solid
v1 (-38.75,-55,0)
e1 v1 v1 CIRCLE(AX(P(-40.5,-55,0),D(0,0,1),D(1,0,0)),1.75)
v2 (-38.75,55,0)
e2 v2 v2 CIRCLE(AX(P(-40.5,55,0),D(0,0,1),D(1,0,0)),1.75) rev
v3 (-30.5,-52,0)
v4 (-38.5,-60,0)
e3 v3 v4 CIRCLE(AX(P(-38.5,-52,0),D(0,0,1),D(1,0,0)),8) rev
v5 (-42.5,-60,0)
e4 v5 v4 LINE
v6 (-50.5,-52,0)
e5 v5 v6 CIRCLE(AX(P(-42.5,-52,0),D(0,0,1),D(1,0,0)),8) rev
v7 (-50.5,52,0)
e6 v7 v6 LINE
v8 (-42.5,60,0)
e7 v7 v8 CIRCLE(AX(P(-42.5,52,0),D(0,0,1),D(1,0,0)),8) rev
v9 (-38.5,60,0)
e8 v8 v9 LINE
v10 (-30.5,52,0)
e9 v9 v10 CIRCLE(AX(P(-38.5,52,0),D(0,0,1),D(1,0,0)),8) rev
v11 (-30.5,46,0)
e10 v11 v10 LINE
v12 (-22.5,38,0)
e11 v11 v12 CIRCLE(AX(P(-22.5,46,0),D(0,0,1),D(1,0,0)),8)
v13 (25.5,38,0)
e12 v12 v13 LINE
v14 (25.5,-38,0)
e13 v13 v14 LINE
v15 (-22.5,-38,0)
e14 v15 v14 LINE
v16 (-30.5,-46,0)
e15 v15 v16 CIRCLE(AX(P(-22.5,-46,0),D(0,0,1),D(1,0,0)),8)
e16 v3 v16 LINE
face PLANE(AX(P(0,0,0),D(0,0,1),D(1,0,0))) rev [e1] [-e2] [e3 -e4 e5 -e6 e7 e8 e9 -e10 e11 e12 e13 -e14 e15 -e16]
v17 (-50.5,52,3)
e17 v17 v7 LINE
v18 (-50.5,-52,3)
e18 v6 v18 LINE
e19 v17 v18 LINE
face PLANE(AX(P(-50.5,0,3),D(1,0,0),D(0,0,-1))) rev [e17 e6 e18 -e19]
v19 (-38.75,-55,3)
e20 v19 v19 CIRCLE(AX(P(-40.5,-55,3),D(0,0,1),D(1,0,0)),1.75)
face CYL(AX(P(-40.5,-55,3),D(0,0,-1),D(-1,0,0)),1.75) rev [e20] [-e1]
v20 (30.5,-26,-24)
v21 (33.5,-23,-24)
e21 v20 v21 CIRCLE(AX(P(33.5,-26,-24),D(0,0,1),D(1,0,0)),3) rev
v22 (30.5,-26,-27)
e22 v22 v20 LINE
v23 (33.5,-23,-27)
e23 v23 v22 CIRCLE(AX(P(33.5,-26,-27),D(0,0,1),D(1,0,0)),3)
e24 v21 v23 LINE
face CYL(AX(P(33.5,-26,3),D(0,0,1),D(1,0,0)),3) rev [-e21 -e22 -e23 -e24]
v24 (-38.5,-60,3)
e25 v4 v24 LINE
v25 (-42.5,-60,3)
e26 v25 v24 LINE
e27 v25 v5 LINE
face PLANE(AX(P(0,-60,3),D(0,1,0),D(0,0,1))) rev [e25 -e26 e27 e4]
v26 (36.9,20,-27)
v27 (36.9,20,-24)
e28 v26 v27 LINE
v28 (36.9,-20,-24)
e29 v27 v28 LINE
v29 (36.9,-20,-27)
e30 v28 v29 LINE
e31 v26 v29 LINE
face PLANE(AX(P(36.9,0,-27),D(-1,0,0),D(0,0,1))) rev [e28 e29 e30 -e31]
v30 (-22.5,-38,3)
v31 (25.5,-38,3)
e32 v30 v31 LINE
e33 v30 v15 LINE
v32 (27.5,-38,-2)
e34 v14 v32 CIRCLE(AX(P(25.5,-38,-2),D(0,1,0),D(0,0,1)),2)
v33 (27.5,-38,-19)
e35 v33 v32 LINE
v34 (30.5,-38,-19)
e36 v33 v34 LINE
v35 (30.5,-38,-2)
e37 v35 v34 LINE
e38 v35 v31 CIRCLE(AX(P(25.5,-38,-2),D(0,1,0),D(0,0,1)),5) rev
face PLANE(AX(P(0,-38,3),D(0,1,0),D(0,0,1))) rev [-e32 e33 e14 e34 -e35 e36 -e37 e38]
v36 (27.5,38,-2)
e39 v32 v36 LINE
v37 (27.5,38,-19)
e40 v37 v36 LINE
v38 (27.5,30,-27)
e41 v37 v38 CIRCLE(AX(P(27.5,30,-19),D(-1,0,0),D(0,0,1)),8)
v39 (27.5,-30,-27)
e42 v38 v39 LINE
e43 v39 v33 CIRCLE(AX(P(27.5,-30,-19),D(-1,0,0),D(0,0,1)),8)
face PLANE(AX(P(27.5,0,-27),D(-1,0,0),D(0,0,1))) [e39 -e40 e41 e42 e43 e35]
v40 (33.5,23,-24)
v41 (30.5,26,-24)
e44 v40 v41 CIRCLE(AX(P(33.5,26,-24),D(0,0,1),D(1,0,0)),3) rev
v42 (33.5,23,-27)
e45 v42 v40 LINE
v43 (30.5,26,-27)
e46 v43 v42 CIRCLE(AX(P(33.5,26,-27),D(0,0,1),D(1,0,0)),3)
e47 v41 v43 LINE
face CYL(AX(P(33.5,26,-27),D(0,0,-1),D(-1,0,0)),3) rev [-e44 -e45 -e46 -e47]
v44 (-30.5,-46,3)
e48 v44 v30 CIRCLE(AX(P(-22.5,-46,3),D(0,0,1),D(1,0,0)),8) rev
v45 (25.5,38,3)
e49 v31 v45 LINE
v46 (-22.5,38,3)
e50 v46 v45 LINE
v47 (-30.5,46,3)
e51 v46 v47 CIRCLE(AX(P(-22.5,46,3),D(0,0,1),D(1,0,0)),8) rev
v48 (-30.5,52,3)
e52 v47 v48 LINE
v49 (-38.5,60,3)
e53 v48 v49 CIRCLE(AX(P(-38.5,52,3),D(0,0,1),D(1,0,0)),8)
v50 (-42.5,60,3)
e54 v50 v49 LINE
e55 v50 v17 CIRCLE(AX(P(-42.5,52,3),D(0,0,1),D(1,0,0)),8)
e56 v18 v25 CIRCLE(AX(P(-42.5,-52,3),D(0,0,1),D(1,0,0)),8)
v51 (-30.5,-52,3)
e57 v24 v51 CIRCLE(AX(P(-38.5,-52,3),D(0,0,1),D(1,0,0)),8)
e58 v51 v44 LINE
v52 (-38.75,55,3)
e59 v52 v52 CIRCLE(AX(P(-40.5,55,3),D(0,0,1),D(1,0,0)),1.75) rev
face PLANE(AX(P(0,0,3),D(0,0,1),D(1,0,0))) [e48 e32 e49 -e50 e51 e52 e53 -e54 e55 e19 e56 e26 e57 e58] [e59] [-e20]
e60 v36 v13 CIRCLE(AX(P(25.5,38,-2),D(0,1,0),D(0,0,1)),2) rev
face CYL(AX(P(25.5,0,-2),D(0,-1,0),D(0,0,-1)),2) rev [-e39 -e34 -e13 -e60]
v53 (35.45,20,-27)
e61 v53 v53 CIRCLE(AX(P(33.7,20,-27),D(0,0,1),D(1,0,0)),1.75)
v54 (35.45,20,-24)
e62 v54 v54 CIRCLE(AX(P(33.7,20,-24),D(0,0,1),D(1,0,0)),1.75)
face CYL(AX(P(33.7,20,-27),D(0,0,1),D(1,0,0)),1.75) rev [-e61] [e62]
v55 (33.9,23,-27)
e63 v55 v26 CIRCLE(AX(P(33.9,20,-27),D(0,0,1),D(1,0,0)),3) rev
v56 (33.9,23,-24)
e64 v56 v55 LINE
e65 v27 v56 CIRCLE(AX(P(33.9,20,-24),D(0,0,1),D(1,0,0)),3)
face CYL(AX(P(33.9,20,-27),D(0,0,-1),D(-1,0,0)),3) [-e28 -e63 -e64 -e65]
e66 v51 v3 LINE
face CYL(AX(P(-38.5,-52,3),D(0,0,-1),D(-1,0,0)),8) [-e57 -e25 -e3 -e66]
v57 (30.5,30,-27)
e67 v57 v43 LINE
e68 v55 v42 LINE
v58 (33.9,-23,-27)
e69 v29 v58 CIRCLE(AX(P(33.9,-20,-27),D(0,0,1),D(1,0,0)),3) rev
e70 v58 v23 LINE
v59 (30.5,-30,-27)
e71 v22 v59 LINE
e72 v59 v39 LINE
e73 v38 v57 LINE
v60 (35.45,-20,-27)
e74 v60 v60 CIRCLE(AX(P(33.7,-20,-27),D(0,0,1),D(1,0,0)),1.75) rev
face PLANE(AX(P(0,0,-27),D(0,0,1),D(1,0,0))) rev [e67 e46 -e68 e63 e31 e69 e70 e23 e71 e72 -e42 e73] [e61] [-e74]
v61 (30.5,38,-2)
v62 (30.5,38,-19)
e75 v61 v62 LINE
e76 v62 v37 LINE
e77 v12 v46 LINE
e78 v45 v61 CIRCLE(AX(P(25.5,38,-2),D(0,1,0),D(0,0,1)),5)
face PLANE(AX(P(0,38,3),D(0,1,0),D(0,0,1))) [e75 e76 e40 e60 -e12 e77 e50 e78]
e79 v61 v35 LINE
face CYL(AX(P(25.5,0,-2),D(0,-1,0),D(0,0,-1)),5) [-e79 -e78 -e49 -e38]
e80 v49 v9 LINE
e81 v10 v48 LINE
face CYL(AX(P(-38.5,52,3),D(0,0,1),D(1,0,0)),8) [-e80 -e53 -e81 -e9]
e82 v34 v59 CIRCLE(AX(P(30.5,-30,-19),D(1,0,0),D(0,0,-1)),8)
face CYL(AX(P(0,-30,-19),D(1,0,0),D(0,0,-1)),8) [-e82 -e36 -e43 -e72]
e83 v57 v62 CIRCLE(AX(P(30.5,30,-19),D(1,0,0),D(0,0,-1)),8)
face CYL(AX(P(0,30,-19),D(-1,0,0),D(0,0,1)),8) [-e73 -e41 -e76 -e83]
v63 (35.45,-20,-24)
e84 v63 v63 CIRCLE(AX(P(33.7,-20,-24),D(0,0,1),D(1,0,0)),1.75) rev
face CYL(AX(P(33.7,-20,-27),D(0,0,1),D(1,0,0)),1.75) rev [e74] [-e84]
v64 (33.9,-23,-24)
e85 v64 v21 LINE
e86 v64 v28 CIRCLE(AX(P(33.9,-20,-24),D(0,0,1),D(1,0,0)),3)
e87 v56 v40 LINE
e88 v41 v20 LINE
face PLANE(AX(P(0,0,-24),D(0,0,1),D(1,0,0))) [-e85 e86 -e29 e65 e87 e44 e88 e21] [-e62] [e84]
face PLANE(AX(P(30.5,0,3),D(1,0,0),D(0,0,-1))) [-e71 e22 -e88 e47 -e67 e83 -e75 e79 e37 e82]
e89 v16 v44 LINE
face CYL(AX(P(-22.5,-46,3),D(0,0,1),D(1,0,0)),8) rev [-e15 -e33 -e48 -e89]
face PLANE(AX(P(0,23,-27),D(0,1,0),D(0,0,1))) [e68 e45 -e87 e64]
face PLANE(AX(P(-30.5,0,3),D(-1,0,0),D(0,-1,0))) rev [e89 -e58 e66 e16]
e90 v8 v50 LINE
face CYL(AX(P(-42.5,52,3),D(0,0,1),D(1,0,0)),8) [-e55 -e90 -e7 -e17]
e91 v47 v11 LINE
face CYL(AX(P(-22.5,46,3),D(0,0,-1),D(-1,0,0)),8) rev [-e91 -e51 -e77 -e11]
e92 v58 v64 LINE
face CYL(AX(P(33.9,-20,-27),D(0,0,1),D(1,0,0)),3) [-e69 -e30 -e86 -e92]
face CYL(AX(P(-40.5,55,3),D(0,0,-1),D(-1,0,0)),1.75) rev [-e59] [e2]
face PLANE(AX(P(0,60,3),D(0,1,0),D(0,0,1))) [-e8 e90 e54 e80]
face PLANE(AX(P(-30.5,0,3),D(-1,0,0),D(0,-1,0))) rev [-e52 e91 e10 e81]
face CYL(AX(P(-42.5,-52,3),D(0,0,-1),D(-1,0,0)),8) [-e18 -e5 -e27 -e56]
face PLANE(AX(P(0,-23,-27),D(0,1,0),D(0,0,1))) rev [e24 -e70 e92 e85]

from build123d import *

# Parameters (mm, degrees)
ESQUISSE1_R             = 1.75
BOSS_EXTRU_1_DEPTH      = 3
ESQUISSE1_3_R           = 1.75
BOSS_EXTRU_2_DEPTH      = 27
ESQUISSE1_4_W           = 6.4
ESQUISSE1_4_H           = 46
ESQUISSE1_4_R           = 1.75
ENL_V_MAT_EXTRU_1_DEPTH = 24
CONG_1_R                = 8
CONG_2_R                = 3
CONG_3_R                = 2
CONG_4_R                = 5


with BuildPart() as part:
    # Esquisse1 → Boss.-Extru.1 (new body)
    with BuildSketch(Plane.XY):
        Polygon((30.5, 38), (-30.5, 38), (-30.5, 60), (-50.5, 60), (-50.5, -60), (-30.5, -60), (-30.5, -38), (30.5, -38), align=None)
        with Locations((-40.5, 55)):
            Circle(ESQUISSE1_R, mode=Mode.SUBTRACT)
        with Locations((-40.5, -55)):
            Circle(ESQUISSE1_R, mode=Mode.SUBTRACT)
    extrude(amount=BOSS_EXTRU_1_DEPTH)

    # Esquisse1_3 → Boss.-Extru.2 (add)
    with BuildSketch(Plane.XY):
        Polygon((36.9, -23), (36.9, 23), (30.5, 23), (30.5, 38), (27.5, 38), (27.5, -38), (30.5, -38), (30.5, -23), align=None)
        with Locations((33.7, -20)):
            Circle(ESQUISSE1_3_R, mode=Mode.SUBTRACT)
        with Locations((33.7, 20)):
            Circle(ESQUISSE1_3_R, mode=Mode.SUBTRACT)
    extrude(amount=-BOSS_EXTRU_2_DEPTH)

    # Esquisse1_4 → Enl_v. mat.-Extru.1 (cut)
    with BuildSketch(Plane.XY):
        with Locations((33.7, 0)):
            Rectangle(ESQUISSE1_4_W, ESQUISSE1_4_H)
        with Locations((33.7, -20)):
            Circle(ESQUISSE1_4_R, mode=Mode.SUBTRACT)
        with Locations((33.7, 20)):
            Circle(ESQUISSE1_4_R, mode=Mode.SUBTRACT)
    extrude(amount=-ENL_V_MAT_EXTRU_1_DEPTH, mode=Mode.SUBTRACT)

    # Cong_1
    cong_1_edges = [part.edges().sort_by_distance(p)[0] for p in [
        (-30.5, 38, 1.5),
        (-30.5, 60, 1.5),
        (-50.5, 60, 1.5),
        (-30.5, -38, 1.5),
        (-50.5, -60, 1.5),
        (-30.5, -60, 1.5),
        (29, 38, -27),
        (29, -38, -27),
    ]]
    fillet(cong_1_edges, radius=CONG_1_R)

    # Cong_2
    cong_2_edges = [part.edges().sort_by_distance(p)[0] for p in [
        (30.5, 23, -25.5),
        (36.9, 23, -25.5),
        (36.9, -23, -25.5),
        (30.5, -23, -25.5),
    ]]
    fillet(cong_2_edges, radius=CONG_2_R)

    # Cong_3
    cong_3_edges = [part.edges().sort_by_distance(p)[0] for p in [
        (27.5, 0, 0),
    ]]
    fillet(cong_3_edges, radius=CONG_3_R)

    # Cong_4
    cong_4_edges = [part.edges().sort_by_distance(p)[0] for p in [
        (30.5, 0, 3),
    ]]
    fillet(cong_4_edges, radius=CONG_4_R)


solid = part.part
